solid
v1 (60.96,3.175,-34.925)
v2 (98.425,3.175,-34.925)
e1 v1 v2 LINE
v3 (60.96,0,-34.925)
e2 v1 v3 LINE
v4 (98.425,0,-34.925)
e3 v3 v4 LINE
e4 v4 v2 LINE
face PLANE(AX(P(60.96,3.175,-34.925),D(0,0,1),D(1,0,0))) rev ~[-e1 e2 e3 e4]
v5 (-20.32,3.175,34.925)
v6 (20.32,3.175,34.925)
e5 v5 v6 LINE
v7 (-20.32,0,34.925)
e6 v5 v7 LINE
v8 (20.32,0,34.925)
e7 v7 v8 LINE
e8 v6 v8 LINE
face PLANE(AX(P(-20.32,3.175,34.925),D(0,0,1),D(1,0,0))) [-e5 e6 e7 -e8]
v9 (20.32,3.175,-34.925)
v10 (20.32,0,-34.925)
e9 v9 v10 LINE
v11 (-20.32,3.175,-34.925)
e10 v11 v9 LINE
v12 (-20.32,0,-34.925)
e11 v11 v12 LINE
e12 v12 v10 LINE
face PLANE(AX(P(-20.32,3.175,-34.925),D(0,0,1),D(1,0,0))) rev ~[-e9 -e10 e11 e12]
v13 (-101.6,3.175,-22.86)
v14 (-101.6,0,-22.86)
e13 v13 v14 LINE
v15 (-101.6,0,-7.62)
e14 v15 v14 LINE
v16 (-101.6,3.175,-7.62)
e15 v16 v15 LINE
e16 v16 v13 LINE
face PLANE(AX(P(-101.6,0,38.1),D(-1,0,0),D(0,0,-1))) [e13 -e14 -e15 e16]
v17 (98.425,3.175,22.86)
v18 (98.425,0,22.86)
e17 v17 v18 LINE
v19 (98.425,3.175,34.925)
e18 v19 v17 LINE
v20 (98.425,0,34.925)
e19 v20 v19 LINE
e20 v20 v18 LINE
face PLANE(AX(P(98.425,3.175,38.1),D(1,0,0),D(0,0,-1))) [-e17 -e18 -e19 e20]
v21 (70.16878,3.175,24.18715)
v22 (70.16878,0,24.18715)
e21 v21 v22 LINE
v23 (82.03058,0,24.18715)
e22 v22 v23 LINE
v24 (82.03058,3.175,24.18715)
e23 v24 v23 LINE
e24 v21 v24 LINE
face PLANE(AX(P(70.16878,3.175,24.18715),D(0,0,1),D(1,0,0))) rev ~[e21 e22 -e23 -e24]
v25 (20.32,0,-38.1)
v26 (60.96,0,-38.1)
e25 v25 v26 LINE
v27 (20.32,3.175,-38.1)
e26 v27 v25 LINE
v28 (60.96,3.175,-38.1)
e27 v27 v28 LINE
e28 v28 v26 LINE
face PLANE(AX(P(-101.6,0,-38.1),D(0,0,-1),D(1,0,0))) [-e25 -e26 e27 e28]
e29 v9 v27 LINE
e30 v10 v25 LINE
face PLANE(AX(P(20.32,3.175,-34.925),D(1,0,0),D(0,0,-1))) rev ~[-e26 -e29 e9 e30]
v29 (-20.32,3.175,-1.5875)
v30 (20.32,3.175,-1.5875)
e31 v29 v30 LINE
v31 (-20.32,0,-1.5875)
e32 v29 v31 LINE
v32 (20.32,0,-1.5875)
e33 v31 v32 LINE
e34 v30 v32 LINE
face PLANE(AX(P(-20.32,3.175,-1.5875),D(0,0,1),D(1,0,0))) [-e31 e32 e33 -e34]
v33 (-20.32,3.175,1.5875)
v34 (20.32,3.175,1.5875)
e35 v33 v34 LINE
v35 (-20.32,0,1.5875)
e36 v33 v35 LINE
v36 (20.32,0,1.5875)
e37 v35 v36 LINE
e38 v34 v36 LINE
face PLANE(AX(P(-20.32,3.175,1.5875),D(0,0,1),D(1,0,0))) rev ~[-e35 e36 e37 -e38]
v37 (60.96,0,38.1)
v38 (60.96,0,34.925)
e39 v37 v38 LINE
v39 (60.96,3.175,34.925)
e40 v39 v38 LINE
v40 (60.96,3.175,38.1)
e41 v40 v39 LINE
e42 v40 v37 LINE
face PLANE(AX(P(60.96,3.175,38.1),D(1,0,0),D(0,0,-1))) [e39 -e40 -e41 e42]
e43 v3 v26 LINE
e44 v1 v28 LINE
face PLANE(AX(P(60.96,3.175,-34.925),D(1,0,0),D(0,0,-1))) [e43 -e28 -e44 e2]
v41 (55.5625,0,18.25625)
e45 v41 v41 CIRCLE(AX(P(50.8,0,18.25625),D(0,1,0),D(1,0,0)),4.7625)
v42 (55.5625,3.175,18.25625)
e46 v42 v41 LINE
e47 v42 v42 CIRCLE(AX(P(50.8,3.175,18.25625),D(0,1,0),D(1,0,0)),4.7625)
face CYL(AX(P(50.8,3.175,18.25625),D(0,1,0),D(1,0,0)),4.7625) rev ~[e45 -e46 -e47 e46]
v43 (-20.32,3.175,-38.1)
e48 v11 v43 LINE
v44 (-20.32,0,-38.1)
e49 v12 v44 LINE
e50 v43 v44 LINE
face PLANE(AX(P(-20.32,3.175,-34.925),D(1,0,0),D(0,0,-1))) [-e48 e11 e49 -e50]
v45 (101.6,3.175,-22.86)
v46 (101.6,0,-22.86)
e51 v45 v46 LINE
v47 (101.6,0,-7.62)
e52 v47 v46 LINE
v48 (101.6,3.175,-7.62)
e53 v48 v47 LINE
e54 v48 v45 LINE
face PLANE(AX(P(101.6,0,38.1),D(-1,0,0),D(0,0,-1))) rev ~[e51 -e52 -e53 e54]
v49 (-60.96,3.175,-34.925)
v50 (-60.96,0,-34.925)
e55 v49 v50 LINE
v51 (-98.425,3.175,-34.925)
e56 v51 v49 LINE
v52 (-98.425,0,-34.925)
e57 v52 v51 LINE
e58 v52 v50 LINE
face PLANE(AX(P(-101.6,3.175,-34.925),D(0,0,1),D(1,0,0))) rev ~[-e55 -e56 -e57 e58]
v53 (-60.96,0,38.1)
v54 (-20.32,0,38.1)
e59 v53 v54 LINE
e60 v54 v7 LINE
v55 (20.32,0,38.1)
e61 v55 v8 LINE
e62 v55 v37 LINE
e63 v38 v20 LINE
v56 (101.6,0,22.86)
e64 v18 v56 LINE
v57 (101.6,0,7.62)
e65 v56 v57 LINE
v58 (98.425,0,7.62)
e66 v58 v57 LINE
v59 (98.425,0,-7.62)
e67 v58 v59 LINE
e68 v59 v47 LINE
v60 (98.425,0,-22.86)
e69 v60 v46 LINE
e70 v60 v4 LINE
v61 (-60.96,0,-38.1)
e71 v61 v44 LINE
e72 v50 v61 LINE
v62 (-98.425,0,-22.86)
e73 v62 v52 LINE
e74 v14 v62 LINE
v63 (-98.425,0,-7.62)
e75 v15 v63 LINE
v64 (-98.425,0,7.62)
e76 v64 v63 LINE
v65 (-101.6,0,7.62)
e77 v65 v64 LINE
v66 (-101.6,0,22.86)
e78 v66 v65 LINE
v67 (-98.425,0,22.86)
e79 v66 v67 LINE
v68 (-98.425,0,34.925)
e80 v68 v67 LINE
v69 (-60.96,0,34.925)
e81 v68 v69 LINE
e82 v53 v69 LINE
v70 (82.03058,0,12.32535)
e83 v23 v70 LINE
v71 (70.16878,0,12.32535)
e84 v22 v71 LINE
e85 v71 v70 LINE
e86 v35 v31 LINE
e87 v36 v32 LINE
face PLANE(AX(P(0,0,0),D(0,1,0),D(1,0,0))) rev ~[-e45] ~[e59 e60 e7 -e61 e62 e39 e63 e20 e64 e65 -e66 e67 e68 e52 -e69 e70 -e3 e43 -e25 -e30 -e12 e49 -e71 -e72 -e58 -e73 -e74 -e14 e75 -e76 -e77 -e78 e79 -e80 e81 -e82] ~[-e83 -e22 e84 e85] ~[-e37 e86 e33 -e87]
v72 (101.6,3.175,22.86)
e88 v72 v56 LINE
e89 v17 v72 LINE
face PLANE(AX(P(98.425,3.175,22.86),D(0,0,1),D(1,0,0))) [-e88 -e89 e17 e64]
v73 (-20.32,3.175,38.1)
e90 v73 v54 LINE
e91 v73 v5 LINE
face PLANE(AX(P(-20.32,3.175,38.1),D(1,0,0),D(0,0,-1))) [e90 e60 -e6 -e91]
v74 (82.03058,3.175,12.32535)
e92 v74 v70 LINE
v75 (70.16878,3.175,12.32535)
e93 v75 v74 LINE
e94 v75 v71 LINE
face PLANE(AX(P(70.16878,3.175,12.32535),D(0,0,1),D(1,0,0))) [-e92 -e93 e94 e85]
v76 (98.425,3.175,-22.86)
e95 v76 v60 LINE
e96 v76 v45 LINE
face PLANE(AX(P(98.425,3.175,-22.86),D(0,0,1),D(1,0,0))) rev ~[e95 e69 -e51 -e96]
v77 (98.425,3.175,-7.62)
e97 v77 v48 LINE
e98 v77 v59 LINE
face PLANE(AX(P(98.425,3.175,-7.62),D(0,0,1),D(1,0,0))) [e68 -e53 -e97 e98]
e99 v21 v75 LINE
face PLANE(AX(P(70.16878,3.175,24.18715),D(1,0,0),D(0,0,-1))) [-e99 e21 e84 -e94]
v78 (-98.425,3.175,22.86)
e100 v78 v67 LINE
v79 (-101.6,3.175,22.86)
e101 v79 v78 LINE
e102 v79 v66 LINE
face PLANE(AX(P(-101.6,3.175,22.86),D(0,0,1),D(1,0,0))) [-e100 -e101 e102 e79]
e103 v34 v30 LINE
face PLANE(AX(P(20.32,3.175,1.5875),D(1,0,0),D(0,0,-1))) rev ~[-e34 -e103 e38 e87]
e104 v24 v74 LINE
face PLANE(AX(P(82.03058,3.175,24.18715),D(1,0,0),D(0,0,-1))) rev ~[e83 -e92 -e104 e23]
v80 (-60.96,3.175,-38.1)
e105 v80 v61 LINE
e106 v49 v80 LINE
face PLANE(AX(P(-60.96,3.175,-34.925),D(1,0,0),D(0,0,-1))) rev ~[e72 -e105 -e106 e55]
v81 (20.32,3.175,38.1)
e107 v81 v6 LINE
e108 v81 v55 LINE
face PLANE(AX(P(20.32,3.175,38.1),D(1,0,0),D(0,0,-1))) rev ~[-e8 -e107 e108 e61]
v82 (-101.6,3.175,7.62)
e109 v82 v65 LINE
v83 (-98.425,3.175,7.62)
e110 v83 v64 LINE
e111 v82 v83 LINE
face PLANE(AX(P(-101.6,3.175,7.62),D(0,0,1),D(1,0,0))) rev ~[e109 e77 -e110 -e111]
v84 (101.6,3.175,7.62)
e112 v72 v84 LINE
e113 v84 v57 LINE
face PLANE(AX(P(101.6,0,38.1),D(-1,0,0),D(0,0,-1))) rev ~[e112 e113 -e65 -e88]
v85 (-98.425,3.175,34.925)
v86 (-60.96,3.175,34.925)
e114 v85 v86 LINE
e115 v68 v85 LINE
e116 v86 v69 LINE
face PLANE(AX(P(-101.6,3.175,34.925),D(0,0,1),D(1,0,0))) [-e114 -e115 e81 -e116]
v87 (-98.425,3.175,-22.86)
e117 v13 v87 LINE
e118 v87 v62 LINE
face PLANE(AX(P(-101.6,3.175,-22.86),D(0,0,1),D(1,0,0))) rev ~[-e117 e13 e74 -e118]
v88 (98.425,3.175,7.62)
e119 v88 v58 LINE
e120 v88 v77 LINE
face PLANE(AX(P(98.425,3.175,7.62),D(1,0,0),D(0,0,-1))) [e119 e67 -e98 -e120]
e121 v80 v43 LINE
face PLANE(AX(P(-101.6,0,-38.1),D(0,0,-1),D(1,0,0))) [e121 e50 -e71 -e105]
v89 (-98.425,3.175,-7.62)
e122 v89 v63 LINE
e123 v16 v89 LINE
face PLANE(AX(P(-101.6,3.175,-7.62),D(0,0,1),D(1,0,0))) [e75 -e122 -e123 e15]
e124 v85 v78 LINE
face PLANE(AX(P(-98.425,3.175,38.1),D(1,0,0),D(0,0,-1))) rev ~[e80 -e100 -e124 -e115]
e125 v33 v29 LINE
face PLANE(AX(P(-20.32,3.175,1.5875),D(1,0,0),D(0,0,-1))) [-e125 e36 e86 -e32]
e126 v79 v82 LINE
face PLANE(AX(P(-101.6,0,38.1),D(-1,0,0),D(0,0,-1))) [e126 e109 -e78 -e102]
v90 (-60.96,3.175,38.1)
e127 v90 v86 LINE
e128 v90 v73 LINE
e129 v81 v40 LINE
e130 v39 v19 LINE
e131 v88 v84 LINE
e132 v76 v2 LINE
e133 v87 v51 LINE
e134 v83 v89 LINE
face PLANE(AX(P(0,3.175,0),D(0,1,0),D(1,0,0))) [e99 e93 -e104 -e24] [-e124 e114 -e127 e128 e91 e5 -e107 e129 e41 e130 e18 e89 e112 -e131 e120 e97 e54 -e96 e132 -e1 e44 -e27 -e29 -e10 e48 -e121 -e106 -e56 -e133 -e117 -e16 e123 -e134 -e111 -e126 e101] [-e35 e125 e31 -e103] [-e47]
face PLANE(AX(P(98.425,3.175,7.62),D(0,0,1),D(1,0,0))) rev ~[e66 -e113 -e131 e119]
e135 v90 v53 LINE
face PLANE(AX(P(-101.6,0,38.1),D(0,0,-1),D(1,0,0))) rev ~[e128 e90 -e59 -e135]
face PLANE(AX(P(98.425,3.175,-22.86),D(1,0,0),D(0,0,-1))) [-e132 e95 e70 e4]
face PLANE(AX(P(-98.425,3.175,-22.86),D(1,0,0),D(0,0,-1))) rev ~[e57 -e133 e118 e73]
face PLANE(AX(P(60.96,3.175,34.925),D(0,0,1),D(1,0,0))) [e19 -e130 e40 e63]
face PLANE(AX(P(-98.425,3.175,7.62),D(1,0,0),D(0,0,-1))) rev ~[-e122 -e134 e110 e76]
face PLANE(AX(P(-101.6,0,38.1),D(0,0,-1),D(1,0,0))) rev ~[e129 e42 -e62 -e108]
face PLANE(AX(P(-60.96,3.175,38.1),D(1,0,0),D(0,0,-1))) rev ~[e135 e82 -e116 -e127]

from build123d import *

# Parameters (mm, degrees)
SKETCH1_W           = 203.2
SKETCH1_H           = 76.2
BOSS_EXTRUDE1_DEPTH = 3.175
SKETCH2_W           = 40.64
SKETCH2_H           = 3.175
CUT_EXTRUDE1_DEPTH  = 3.175
LPATTERN1_COUNT     = 3
LPATTERN1_PITCH     = 81.28
SKETCH3_W           = 3.175
SKETCH3_H           = 15.24
CUT_EXTRUDE2_DEPTH  = 3.175
LPATTERN2_COUNT     = 3
LPATTERN2_PITCH     = 30.48
SKETCH4_R           = 4.7625
SKETCH4_W           = 11.8618
SKETCH4_H           = 11.8618
CUT_EXTRUDE5_DEPTH  = 3.175
SKETCH5_W           = 40.64
SKETCH5_H           = 3.175
CUT_EXTRUDE6_DEPTH  = 3.175


with BuildPart() as part:
    # Sketch1 → Boss-Extrude1 (new body)
    with BuildSketch(Plane(origin=(0, 0, 0), x_dir=(1, 0, 0), z_dir=(0, 1, 0))):
        Rectangle(SKETCH1_W, SKETCH1_H)
    extrude(amount=BOSS_EXTRUDE1_DEPTH)

    # Sketch2 → Cut-Extrude1 (cut)
    with BuildSketch(Plane(origin=(0, 3.175, 0), x_dir=(1, 0, 0), z_dir=(0, 1, 0))):
        with Locations((-81.28, 36.5125)):
            Rectangle(SKETCH2_W, SKETCH2_H)
        with Locations((-81.28, -36.5125)):
            Rectangle(SKETCH2_W, SKETCH2_H)
    cut_extrude1 = extrude(amount=-CUT_EXTRUDE1_DEPTH, mode=Mode.SUBTRACT)

    # LPattern1: Cut-Extrude1 ×3
    with Locations(*[(i * LPATTERN1_PITCH, 0, 0) for i in range(1, LPATTERN1_COUNT)]):
        add(cut_extrude1, mode=Mode.SUBTRACT)

    # Sketch3 → Cut-Extrude2 (cut)
    with BuildSketch(Plane(origin=(0, 3.175, 0), x_dir=(1, 0, 0), z_dir=(0, 1, 0))):
        with Locations((100.0125, 30.48)):
            Rectangle(SKETCH3_W, SKETCH3_H)
        with Locations((-100.0125, 30.48)):
            Rectangle(SKETCH3_W, SKETCH3_H)
    cut_extrude2 = extrude(amount=-CUT_EXTRUDE2_DEPTH, mode=Mode.SUBTRACT)

    # LPattern2: Cut-Extrude2 ×3
    with Locations(*[(0, 0, i * LPATTERN2_PITCH) for i in range(1, LPATTERN2_COUNT)]):
        add(cut_extrude2, mode=Mode.SUBTRACT)

    # Sketch4 → Cut-Extrude5 (cut)
    with BuildSketch(Plane(origin=(0, 3.175, 0), x_dir=(1, 0, 0), z_dir=(0, 1, 0))):
        with Locations((50.8, -18.25625)):
            Circle(SKETCH4_R)
        with Locations((76.099679649, -18.25625)):
            Rectangle(SKETCH4_W, SKETCH4_H)
    extrude(amount=-CUT_EXTRUDE5_DEPTH, mode=Mode.SUBTRACT)

    # Sketch5 → Cut-Extrude6 (cut)
    with BuildSketch(Plane(origin=(0, 3.175, 0), x_dir=(1, 0, 0), z_dir=(0, 1, 0))):
        Rectangle(SKETCH5_W, SKETCH5_H)
    extrude(amount=-CUT_EXTRUDE6_DEPTH, mode=Mode.SUBTRACT)


solid = part.part
